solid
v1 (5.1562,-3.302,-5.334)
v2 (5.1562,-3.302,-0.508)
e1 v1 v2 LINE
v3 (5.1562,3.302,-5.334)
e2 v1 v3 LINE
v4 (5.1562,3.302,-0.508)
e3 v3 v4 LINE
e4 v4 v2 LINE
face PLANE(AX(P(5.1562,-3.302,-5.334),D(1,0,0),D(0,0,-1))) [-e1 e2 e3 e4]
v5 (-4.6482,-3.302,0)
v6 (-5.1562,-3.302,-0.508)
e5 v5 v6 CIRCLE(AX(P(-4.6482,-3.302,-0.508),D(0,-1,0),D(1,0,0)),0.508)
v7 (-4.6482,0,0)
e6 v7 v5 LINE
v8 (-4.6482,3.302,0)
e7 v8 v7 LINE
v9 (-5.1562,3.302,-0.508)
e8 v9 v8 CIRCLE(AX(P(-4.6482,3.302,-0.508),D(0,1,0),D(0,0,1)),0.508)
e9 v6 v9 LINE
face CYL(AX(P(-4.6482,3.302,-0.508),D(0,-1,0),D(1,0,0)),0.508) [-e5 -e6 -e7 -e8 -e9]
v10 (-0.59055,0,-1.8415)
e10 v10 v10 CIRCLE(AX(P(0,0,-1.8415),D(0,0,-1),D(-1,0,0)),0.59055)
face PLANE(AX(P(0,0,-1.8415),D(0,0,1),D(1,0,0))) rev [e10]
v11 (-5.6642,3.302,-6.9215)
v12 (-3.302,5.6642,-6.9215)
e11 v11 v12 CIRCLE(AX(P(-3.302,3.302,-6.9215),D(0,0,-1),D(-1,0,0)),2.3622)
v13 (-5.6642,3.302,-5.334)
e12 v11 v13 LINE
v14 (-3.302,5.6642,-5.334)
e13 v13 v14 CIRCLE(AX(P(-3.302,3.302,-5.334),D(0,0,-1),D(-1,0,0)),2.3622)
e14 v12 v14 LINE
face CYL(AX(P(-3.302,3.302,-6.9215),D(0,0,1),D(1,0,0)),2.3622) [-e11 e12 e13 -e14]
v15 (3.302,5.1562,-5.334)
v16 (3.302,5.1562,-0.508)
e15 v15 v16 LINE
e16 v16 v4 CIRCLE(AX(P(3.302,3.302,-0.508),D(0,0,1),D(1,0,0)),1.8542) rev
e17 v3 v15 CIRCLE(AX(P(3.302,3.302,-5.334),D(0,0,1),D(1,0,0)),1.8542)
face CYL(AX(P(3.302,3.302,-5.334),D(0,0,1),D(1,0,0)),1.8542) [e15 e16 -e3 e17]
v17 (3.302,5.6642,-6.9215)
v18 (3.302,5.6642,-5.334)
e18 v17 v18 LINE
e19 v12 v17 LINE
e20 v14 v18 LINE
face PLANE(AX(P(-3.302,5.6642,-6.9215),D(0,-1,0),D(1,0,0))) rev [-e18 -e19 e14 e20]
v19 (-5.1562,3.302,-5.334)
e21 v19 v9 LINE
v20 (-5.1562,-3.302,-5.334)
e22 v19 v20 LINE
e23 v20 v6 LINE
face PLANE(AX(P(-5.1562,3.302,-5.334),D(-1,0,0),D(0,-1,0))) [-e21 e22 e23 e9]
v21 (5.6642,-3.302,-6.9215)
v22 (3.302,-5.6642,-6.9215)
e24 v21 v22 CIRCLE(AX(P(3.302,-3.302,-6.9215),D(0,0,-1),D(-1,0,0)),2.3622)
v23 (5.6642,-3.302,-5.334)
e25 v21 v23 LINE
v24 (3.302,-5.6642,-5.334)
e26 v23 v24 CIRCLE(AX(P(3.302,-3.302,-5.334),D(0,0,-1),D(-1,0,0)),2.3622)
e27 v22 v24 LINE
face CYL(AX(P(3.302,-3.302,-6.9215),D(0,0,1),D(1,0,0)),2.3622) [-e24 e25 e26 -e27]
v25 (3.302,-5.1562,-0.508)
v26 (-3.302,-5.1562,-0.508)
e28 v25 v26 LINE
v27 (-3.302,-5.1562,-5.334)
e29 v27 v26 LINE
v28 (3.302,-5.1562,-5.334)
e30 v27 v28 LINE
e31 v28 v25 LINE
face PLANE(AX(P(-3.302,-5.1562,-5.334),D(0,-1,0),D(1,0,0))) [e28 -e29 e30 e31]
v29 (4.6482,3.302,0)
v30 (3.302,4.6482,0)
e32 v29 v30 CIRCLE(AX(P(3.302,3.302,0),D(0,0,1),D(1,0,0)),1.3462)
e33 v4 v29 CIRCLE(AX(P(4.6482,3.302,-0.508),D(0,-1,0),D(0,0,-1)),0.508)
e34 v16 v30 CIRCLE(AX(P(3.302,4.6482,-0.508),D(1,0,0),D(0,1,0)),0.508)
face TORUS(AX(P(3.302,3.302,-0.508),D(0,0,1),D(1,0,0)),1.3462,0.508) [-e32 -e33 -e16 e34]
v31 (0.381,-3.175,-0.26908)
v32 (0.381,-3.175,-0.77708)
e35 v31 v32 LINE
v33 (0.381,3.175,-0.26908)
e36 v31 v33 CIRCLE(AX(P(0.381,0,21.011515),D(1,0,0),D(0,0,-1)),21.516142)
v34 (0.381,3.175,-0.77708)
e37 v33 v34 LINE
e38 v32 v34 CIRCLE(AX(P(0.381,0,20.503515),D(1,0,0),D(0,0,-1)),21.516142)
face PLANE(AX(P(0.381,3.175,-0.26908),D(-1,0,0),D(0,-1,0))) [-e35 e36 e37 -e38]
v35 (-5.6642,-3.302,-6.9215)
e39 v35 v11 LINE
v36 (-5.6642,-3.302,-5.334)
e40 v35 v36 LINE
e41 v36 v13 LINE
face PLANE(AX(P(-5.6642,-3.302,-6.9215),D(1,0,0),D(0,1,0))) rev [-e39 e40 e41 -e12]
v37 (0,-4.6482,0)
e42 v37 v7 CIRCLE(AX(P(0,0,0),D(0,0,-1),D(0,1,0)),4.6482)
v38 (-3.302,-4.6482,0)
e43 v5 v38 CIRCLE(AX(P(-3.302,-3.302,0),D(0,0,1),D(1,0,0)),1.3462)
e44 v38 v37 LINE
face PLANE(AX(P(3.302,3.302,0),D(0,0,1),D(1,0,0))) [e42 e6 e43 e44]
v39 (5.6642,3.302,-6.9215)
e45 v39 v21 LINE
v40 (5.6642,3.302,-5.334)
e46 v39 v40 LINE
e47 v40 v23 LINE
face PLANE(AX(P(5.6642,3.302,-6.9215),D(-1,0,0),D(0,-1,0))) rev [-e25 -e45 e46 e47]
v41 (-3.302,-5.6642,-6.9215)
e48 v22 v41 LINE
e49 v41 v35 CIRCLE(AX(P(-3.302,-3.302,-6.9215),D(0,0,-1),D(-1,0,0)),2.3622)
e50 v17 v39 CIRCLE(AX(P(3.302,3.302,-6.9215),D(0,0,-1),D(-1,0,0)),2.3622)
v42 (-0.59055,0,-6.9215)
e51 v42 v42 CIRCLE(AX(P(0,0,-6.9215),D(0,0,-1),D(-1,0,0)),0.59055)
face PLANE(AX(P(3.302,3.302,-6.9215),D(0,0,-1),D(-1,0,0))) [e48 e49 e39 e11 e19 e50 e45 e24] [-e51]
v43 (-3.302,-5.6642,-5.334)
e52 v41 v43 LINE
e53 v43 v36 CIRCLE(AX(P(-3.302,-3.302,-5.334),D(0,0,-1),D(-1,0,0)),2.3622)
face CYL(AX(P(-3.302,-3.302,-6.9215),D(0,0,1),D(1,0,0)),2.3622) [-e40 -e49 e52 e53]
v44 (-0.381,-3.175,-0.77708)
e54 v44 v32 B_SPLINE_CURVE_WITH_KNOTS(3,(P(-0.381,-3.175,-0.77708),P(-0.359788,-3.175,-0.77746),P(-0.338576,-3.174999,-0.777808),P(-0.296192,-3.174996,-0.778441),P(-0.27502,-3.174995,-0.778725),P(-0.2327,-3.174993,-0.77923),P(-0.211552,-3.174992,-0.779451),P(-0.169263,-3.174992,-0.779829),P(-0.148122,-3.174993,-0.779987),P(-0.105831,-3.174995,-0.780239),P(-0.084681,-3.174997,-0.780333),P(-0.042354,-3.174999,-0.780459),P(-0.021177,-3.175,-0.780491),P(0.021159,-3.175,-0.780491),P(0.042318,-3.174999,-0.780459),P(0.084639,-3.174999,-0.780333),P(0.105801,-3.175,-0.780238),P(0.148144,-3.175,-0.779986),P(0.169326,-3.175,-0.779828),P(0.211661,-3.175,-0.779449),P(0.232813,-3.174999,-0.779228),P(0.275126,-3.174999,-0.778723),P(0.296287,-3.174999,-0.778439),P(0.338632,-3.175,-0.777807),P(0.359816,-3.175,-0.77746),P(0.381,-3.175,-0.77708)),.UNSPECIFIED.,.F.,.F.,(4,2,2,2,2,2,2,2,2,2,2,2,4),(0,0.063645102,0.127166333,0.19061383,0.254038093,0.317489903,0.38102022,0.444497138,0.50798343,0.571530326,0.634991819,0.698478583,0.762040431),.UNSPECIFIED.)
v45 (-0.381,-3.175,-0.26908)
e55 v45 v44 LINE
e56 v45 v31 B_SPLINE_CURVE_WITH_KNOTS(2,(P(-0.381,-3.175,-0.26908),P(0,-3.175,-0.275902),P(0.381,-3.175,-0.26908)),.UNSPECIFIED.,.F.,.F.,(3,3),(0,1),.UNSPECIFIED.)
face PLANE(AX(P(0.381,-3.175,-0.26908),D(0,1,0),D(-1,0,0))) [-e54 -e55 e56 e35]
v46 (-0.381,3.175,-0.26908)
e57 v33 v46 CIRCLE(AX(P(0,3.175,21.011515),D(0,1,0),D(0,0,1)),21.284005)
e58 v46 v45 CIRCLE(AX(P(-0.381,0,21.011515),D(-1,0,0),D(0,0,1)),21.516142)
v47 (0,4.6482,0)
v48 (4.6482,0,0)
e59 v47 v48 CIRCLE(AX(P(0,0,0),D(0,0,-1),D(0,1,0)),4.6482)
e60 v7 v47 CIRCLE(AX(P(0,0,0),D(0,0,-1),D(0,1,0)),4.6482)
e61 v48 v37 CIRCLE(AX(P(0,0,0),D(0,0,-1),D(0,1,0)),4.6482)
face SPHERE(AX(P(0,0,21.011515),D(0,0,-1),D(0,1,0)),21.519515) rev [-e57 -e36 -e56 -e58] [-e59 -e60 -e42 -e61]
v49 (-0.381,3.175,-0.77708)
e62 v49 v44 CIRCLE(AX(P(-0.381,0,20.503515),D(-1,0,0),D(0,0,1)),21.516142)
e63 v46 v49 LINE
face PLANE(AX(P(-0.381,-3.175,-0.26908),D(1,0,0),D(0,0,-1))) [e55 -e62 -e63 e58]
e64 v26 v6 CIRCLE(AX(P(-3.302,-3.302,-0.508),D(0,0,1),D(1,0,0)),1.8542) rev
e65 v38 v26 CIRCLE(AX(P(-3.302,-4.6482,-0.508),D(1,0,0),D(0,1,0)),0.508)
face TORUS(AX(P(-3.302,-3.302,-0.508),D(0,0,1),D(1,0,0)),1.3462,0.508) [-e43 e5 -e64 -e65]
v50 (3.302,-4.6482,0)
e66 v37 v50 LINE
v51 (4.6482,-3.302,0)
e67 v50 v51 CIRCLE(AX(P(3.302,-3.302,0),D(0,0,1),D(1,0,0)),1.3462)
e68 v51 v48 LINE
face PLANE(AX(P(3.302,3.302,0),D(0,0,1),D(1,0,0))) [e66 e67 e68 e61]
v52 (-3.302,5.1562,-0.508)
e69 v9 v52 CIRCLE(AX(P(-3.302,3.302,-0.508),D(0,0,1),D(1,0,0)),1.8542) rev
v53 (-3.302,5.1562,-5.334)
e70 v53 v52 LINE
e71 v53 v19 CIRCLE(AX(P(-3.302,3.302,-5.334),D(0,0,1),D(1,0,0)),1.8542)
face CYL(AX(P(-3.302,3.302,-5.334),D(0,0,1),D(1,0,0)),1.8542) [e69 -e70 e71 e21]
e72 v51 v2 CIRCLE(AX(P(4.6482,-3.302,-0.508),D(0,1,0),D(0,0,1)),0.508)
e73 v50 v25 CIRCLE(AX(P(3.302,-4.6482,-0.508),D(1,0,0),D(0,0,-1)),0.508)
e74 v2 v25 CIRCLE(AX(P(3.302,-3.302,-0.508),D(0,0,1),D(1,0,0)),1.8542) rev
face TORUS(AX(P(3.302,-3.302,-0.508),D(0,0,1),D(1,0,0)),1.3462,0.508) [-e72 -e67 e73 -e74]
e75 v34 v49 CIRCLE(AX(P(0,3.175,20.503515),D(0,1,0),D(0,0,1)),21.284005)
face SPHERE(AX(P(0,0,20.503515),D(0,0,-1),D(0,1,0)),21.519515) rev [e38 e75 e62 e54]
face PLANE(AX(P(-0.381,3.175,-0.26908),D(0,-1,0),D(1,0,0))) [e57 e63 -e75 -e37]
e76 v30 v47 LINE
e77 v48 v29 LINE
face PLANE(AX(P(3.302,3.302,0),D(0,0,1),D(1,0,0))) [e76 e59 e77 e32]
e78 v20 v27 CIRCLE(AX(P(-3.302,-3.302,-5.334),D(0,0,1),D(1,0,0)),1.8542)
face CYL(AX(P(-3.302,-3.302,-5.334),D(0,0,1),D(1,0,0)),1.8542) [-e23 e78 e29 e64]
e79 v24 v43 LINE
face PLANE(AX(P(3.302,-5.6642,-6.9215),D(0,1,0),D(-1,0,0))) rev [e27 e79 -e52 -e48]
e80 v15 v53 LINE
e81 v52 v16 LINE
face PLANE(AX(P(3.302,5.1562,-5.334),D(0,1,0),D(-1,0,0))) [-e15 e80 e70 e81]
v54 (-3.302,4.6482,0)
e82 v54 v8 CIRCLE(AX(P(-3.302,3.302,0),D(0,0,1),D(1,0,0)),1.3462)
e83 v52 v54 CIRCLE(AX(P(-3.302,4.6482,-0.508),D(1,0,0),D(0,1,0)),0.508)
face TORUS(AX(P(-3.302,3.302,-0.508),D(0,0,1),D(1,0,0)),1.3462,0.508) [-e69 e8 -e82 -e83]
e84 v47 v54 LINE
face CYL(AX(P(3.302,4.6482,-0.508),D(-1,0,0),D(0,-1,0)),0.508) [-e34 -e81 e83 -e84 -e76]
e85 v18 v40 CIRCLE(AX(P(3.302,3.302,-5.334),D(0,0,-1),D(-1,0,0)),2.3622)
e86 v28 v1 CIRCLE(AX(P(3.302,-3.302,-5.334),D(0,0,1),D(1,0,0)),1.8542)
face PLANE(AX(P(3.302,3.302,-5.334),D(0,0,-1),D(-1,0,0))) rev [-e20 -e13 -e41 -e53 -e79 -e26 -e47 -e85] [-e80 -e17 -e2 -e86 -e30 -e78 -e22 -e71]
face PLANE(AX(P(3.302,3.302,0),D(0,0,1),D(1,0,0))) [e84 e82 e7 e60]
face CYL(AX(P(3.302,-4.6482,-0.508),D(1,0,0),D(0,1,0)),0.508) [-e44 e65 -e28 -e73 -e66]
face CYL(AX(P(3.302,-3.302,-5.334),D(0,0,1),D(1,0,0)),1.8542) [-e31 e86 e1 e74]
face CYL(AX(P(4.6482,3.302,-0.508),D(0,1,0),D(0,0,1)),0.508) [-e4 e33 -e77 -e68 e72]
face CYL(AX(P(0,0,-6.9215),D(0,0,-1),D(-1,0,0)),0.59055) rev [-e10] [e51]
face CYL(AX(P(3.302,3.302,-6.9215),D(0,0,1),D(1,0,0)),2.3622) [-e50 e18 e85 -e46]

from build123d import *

# Parameters (mm, degrees)
BOSS_EXTRUDE1_DEPTH              = 5.334
FILLET1_R                        = 0.508
BOSS_EXTRUDE2_DEPTH              = 1.5875
F_56_0_0465_DIAMETER_HOLE1_D     = 1.1811
F_56_0_0465_DIAMETER_HOLE1_DEPTH = 5.08
CUT_EXTRUDE3_REACH               = 13.094
CUT_EXTRUDE3_START_RADIUS        = 21.519514579
CUT_EXTRUDE3_END_RADIUS          = 21.519514579
SKETCH9_W                        = 0.762
SKETCH9_H                        = 6.35


with BuildPart() as part:
    # Sketch1 → Boss-Extrude1 (new body)
    with BuildSketch(Plane.XY):
        with BuildLine():
            Line((3.301999954, 5.156199954), (-3.301999954, 5.156199954))
            ThreePointArc((-3.301999954, 5.156199954), (-4.613117348, 4.613117348), (-5.156199954, 3.301999954))
            Line((-5.156199954, 3.301999954), (-5.156199954, -3.301999954))
            ThreePointArc((-5.156199954, -3.301999954), (-4.613117348, -4.613117348), (-3.301999954, -5.156199954))
            Line((-3.301999954, -5.156199954), (3.301999954, -5.156199954))
            ThreePointArc((3.301999954, -5.156199954), (4.613117348, -4.613117348), (5.156199954, -3.301999954))
            Line((5.156199954, -3.301999954), (5.156199954, 3.301999954))
            ThreePointArc((5.156199954, 3.301999954), (4.613117348, 4.613117348), (3.301999954, 5.156199954))
        make_face()
    extrude(amount=-BOSS_EXTRUDE1_DEPTH)

    # Fillet1
    fillet1_edges = [part.edges().sort_by_distance(p)[0] for p in [
        (0, 5.156199954, 0),
        (4.613117348, 4.613117348, 0),
        (5.156199954, 0, 0),
        (4.613117348, -4.613117348, 0),
        (0, -5.156199954, 0),
        (-4.613117348, -4.613117348, 0),
        (-5.156199954, 0, 0),
        (-4.613117348, 4.613117348, 0),
    ]]
    fillet(fillet1_edges, radius=FILLET1_R)

    # Sketch4 → Boss-Extrude2 (add)
    with BuildSketch(Plane(origin=(0, 0, -5.334), x_dir=(-1, 0, 0), z_dir=(0, 0, -1))):
        with BuildLine():
            Line((-5.664199954, 3.301999954), (-5.664199954, -3.301999954))
            ThreePointArc((-5.664199954, -3.301999954), (-4.972327592, -4.972327592), (-3.301999954, -5.664199954))
            Line((-3.301999954, -5.664199954), (3.301999954, -5.664199954))
            ThreePointArc((3.301999954, -5.664199954), (4.972327592, -4.972327592), (5.664199954, -3.301999954))
            Line((5.664199954, -3.301999954), (5.664199954, 3.301999954))
            ThreePointArc((5.664199954, 3.301999954), (4.972327592, 4.972327592), (3.301999954, 5.664199954))
            Line((3.301999954, 5.664199954), (-3.301999954, 5.664199954))
            ThreePointArc((-3.301999954, 5.664199954), (-4.972327592, 4.972327592), (-5.664199954, 3.301999954))
        make_face()
    extrude(amount=BOSS_EXTRUDE2_DEPTH)

    # #56 (0.0465) Diameter Hole1
    with Locations(Plane(origin=(0, 0, -6.9215), x_dir=(-1, 0, 0), z_dir=(0, 0, -1))):
        with Locations((0, 0)):
            Hole(F_56_0_0465_DIAMETER_HOLE1_D / 2, depth=F_56_0_0465_DIAMETER_HOLE1_DEPTH)

    # Sketch8 → Cut-Revolve1 (revolve, cut)
    with BuildSketch(Plane(origin=(0, 0, 0), x_dir=(0, 0, -1), z_dir=(1, 0, 0)), mode=Mode.PRIVATE) as cut_revolve1_sk:
        with BuildLine():
            Line((0, 4.648199954), (0, 0))
            Line((0, 0), (0.508, 0))
            ThreePointArc((0.508, 0), (0.380623019, 2.337938558), (0, 4.648199954))
        make_face()
    revolve(cut_revolve1_sk.sketch.rotate(Axis((0, 0, -0.508), (0, 0, 1)), 90), axis=Axis((0, 0, -0.508), (0, 0, 1)), mode=Mode.SUBTRACT)

    # Cut-Extrude3: from a sphere face, 13.094 long prism both ways, kept between that surface and its translate by the depth
    cut_extrude3_start = Location((0, 0, 21.011514579)) * Sphere(CUT_EXTRUDE3_START_RADIUS, mode=Mode.PRIVATE)
    cut_extrude3_end = Location((0, 0, 20.503514579)) * Sphere(CUT_EXTRUDE3_END_RADIUS, mode=Mode.PRIVATE)
    # Sketch9 → Cut-Extrude3 (cut, from a surface)
    with BuildSketch(Plane.XY, mode=Mode.PRIVATE) as cut_extrude3_sk1:
        Rectangle(SKETCH9_W, SKETCH9_H)
    cut_extrude3_tool1 = extrude(cut_extrude3_sk1.sketch, amount=CUT_EXTRUDE3_REACH, both=True, mode=Mode.PRIVATE)
    add(((cut_extrude3_tool1 - cut_extrude3_start) & cut_extrude3_end).solids().sort_by_distance((0, 0, -0.52308))[0], mode=Mode.SUBTRACT)


solid = part.part
